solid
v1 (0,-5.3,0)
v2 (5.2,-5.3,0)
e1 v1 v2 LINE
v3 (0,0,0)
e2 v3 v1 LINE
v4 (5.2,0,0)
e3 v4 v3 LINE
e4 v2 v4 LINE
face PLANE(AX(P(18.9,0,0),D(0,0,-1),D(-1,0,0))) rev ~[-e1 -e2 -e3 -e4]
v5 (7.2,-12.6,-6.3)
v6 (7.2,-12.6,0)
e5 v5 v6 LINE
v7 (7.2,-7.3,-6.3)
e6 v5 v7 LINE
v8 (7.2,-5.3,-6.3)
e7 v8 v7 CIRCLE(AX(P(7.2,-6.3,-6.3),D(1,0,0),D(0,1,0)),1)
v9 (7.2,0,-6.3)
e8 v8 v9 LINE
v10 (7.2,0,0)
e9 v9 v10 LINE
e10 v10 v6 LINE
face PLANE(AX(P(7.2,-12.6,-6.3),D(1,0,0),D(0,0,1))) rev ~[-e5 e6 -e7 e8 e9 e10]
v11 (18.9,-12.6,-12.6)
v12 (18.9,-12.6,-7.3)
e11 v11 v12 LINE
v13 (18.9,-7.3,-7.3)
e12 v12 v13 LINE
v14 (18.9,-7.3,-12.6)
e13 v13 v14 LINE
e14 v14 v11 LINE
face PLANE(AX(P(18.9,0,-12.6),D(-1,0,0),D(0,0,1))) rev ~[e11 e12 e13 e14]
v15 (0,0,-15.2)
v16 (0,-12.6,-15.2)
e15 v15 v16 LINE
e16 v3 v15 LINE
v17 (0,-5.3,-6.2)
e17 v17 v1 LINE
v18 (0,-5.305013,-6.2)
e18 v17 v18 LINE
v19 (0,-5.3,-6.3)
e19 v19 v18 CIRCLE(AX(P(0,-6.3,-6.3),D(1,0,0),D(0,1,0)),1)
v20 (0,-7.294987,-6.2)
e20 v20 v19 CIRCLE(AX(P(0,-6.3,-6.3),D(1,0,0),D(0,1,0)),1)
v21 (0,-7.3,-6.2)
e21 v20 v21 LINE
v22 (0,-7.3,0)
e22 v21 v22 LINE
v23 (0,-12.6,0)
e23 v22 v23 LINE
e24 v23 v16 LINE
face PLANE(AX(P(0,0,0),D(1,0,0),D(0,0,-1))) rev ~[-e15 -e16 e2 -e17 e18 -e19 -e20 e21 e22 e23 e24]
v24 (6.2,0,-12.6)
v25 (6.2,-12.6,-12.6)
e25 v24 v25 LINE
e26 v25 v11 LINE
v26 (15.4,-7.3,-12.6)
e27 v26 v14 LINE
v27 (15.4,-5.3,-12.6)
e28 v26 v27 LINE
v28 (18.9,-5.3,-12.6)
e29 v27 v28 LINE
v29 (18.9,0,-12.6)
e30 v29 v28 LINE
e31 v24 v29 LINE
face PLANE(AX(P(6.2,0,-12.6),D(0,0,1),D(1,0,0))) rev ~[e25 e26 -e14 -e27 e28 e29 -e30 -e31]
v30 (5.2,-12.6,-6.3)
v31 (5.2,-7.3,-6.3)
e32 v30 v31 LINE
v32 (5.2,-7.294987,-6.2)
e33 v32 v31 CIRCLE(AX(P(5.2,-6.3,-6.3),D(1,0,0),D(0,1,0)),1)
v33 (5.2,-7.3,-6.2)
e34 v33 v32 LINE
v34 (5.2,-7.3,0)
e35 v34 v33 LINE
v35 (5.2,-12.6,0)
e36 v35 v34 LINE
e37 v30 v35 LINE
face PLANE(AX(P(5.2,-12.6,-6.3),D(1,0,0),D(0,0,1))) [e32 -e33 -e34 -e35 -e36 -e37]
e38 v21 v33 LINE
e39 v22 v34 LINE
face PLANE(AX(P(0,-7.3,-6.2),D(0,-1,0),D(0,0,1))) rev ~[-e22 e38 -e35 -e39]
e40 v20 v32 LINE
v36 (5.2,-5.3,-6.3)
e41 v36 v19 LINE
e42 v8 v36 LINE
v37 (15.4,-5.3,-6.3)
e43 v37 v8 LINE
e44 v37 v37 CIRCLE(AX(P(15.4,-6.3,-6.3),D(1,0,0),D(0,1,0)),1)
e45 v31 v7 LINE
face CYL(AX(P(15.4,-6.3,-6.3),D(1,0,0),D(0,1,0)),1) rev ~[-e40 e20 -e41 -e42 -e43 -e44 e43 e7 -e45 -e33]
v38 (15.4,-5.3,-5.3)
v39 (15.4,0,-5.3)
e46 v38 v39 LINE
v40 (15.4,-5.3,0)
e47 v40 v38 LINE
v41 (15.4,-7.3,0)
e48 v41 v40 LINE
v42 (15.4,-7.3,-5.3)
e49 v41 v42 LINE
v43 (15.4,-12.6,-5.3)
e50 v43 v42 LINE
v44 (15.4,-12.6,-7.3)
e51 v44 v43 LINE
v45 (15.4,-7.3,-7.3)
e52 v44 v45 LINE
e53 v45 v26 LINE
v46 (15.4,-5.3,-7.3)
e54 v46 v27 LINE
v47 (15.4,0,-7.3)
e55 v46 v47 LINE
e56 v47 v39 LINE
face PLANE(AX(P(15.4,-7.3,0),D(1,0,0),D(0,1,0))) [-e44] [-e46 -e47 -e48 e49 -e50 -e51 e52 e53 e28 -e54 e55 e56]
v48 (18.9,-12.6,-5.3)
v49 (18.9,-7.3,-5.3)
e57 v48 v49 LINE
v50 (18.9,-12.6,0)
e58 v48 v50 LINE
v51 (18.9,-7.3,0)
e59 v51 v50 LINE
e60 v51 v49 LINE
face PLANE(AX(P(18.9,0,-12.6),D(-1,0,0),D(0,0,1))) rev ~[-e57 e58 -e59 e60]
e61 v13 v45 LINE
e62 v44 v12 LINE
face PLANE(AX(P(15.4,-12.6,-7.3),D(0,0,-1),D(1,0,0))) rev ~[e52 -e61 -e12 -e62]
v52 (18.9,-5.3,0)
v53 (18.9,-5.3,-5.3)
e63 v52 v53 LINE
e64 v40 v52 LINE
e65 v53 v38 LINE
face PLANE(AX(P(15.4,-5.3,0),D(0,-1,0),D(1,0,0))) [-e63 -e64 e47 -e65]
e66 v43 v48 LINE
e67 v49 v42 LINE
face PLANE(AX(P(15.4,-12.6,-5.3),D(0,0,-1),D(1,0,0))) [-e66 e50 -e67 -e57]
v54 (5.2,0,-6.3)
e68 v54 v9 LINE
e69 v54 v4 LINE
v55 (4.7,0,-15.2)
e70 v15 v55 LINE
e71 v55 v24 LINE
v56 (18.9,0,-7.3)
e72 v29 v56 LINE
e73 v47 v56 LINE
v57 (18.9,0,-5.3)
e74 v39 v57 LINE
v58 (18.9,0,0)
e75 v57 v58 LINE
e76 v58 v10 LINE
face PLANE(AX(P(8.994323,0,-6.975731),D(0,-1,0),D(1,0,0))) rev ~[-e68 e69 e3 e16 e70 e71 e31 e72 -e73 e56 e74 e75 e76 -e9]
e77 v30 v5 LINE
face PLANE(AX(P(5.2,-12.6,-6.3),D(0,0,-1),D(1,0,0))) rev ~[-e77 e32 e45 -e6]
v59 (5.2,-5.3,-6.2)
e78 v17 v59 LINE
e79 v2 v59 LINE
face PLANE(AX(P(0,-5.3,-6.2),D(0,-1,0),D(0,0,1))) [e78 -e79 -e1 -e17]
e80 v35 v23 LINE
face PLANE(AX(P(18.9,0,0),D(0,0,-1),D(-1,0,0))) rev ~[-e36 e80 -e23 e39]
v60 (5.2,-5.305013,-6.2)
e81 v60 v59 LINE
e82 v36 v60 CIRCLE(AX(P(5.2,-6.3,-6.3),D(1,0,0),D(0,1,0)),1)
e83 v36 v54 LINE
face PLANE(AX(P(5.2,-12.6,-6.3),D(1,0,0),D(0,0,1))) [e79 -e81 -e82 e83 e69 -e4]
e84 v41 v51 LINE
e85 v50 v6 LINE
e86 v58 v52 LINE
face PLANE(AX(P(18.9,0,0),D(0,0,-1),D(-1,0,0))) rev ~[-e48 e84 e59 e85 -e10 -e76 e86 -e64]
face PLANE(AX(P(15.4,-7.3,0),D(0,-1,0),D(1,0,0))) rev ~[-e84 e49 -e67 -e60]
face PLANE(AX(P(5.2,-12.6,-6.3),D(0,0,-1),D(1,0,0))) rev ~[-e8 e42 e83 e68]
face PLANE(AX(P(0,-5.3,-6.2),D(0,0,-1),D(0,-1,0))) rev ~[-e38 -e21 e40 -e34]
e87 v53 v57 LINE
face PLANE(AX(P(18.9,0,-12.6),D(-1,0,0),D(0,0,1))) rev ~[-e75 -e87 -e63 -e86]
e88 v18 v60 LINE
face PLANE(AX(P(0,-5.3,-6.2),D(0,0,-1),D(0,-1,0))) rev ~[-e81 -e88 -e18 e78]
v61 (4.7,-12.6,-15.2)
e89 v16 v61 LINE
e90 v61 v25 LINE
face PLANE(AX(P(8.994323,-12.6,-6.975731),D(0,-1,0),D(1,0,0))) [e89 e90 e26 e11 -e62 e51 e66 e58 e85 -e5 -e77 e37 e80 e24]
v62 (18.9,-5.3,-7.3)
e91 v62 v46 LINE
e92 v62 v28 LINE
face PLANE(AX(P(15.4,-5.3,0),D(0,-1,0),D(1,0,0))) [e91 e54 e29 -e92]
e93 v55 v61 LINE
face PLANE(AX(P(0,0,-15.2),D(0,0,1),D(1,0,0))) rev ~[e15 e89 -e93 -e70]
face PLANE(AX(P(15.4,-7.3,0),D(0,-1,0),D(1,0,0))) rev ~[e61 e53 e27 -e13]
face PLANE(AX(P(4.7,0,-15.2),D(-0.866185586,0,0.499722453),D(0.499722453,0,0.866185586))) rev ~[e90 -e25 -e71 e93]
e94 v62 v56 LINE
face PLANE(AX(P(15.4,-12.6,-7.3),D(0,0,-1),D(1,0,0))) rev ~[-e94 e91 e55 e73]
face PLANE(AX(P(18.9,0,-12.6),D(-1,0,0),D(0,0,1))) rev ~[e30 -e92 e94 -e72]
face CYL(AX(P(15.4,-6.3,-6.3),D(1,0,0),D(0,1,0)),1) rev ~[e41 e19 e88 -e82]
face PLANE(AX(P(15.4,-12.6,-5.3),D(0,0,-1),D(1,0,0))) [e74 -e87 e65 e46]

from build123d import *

# Parameters (mm, degrees)
F1_DEPTH  = 12.6
F2_W      = 2
F2_H      = 6.3
F3_DEPTH  = 12.601
F4_W      = 2
F4_H      = 6.2
F5_DEPTH  = 7.2
F6_W      = 3.5
F6_H      = 2
F7_DEPTH  = 12.601
F8_W      = 3.5
F8_H      = 2
F9_DEPTH  = 15.201
F10_R     = 1
F11_DEPTH = 15.401


with BuildPart() as f1:
    # F0 (on Front) → F1 (new body)
    with BuildSketch(Plane.XZ):
        Polygon((18.9, 0), (0, 0), (0, -12.6), (0, -15.2), (4.7, -15.2), (6.2, -12.6), (18.9, -12.6), align=None)
    extrude(amount=F1_DEPTH)

    # F2 (on face) → F3 (cut, through all)
    with BuildSketch(Plane.XZ.offset(12.6)):
        with Locations((6.2, -3.15)):
            Rectangle(F2_W, F2_H)
    extrude(amount=-F3_DEPTH, mode=Mode.SUBTRACT)

    # F4 (on face) → F5 (cut)
    with BuildSketch(Plane(origin=(0, 0, 0), x_dir=(0, -1, 0), z_dir=(-1, 0, 0))):
        with Locations((6.3, -3.1)):
            Rectangle(F4_W, F4_H)
    extrude(amount=-F5_DEPTH, mode=Mode.SUBTRACT)

    # F6 (on face) → F7 (cut, through all)
    with BuildSketch(Plane.XZ.offset(12.6)):
        with Locations((17.15, -6.3)):
            Rectangle(F6_W, F6_H)
    extrude(amount=-F7_DEPTH, mode=Mode.SUBTRACT)

    # F8 (on face) → F9 (cut, through all)
    with BuildSketch(Plane.XY):
        with Locations((17.15, -6.3)):
            Rectangle(F8_W, F8_H)
    extrude(amount=-F9_DEPTH, mode=Mode.SUBTRACT)

    # F10 (on face) → F11 (cut, through all)
    with BuildSketch(Plane.YZ.offset(15.4)):
        with Locations((-6.3, -6.3)):
            Circle(F10_R)
    extrude(amount=-F11_DEPTH, mode=Mode.SUBTRACT)


solid = f1.part
